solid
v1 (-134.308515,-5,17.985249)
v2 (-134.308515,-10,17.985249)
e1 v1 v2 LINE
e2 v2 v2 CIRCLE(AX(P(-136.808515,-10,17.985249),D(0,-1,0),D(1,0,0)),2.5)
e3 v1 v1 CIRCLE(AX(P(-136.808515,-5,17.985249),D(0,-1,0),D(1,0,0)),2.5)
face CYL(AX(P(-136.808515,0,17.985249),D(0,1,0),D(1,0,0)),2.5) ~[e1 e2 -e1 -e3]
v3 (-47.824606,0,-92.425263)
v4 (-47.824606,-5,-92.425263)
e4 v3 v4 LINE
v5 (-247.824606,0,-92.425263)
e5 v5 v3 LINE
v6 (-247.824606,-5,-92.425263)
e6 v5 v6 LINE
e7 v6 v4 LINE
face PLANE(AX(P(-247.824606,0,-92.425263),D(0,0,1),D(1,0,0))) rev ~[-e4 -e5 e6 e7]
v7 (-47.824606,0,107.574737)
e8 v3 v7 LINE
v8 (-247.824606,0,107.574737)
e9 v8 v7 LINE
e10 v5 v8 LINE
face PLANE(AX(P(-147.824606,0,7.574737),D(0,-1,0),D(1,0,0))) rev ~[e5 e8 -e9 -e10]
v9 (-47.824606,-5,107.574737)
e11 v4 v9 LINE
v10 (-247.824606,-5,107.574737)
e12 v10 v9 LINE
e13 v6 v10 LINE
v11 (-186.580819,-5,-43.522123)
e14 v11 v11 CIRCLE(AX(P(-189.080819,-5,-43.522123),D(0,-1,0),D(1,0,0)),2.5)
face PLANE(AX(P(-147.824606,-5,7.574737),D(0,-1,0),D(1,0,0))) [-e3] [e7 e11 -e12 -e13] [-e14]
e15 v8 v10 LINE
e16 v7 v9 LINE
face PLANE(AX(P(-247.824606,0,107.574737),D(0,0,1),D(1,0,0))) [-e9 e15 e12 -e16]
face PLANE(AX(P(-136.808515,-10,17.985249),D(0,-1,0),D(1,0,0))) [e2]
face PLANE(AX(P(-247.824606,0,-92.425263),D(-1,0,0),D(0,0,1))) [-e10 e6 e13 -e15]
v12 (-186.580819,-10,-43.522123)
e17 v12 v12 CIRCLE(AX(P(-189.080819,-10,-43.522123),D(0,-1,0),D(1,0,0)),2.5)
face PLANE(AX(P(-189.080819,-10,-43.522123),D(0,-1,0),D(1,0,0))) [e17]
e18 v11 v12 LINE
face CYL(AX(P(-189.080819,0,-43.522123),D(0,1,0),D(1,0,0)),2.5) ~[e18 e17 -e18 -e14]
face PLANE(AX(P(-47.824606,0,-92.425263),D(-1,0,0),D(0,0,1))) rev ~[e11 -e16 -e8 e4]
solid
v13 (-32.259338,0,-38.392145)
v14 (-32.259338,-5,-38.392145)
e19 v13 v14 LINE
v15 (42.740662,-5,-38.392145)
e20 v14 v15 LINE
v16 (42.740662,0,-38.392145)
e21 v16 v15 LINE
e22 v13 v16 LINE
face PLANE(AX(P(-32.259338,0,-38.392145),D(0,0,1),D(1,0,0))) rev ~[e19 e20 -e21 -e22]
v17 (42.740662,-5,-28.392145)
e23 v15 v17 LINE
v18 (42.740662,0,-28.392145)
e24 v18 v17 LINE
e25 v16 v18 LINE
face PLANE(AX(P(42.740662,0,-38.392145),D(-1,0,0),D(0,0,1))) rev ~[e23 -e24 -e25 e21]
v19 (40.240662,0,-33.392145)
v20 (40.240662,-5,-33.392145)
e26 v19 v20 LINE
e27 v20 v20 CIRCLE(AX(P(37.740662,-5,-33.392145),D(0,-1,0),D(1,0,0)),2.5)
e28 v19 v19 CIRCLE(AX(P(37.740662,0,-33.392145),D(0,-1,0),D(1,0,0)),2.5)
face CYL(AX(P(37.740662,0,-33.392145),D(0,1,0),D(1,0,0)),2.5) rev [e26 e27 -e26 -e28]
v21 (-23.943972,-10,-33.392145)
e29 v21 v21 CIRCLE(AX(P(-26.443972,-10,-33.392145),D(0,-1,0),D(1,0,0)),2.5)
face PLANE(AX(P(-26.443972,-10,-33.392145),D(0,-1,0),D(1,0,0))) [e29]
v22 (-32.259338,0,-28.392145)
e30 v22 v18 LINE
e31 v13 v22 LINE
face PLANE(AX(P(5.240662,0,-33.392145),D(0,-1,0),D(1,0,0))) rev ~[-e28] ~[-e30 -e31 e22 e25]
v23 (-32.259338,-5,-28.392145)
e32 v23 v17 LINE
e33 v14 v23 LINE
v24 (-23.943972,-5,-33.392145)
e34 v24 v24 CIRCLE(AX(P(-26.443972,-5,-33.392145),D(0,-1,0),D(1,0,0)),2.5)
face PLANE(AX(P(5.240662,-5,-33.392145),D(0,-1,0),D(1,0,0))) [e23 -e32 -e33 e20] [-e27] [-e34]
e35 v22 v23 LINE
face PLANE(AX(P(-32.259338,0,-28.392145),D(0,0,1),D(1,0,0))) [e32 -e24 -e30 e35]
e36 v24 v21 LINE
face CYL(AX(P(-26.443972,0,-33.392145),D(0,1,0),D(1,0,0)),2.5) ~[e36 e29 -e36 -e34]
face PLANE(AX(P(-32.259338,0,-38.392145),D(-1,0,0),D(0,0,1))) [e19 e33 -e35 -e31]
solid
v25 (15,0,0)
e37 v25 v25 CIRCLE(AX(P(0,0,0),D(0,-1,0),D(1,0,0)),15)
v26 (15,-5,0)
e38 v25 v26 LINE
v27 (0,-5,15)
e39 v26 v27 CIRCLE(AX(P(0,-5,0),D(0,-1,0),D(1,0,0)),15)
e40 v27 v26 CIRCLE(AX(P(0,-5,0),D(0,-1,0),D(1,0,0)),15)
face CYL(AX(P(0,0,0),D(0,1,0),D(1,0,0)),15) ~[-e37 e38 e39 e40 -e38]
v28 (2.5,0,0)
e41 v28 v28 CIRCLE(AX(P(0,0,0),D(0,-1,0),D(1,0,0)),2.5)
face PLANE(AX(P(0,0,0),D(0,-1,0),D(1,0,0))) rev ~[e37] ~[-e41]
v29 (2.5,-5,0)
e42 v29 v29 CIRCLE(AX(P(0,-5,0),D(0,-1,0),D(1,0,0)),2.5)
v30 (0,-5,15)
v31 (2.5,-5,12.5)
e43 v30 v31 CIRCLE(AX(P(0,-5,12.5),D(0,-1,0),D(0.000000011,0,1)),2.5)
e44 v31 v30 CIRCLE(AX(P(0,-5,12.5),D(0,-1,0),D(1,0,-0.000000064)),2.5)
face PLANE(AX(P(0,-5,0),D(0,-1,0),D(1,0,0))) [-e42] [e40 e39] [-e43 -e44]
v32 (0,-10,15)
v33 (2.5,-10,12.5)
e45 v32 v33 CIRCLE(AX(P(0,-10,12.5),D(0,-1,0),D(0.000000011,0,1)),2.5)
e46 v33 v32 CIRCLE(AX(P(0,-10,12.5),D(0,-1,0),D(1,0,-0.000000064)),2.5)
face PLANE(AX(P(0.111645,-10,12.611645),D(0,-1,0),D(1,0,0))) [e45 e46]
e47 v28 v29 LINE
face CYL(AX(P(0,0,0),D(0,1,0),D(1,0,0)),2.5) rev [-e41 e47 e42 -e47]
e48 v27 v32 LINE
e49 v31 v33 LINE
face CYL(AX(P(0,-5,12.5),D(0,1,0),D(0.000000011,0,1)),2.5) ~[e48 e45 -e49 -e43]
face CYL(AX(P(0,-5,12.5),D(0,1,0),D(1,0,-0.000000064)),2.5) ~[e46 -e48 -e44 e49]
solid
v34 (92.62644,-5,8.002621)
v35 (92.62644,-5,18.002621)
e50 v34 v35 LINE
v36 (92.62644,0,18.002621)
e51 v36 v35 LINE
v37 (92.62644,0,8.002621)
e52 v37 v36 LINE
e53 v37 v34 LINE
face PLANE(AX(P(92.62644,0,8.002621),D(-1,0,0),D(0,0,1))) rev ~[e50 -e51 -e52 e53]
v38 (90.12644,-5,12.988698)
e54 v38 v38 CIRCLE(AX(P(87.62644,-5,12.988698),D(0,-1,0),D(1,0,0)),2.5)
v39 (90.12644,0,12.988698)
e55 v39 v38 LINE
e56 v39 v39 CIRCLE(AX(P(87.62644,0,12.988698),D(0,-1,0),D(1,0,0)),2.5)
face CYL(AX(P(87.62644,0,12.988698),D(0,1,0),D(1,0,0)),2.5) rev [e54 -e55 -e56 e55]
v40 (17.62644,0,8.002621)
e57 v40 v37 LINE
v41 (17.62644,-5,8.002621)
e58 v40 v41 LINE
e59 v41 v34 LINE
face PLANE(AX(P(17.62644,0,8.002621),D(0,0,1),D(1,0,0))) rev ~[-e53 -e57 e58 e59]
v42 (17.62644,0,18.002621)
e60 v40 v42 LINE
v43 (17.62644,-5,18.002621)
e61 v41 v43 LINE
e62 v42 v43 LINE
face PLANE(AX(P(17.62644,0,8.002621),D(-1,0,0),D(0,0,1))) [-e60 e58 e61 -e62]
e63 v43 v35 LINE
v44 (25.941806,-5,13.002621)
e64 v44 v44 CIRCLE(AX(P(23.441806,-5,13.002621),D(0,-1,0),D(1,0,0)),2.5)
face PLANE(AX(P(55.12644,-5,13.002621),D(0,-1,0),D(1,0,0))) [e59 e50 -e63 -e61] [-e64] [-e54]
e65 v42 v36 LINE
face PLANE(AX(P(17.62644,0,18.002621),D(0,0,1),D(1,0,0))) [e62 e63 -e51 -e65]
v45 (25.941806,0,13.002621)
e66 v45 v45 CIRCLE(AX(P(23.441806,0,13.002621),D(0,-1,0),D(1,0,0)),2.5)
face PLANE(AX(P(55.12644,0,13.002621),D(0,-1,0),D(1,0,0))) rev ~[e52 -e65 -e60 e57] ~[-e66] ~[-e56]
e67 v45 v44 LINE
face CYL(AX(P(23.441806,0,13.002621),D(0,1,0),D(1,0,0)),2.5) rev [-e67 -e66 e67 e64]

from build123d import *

# Parameters (mm, degrees)
F0_R      = 15
F0_R_2    = 2.5
F1_DEPTH  = 5
F2_W      = 200
F2_H      = 200
F2_R      = 2.5
F3_DEPTH  = 5
F4_DEPTH  = 10
F6_DEPTH  = 5
F7_W      = 75
F7_H      = 10
F7_R      = 2.5
F8_DEPTH  = 5
F9_W      = 75
F9_H      = 10
F9_R      = 2.5
F10_DEPTH = 5
F11_DEPTH = 10
F12_DEPTH = 10


with BuildPart() as f1:
    # F0 (on Front) → F1 (new body)
    with BuildSketch(Plane.XZ):
        Circle(F0_R)
        Circle(F0_R_2, mode=Mode.SUBTRACT)
    extrude(amount=F1_DEPTH)

    # F5 (on face) → F6 (join)
    with BuildSketch(Plane.XZ.offset(5)):
        with BuildLine():
            ThreePointArc((0, 15), (-1.767767, 10.732233), (2.5, 12.5))
            ThreePointArc((2.5, 12.5), (1.767767, 14.267767), (0, 15))
        make_face()
    extrude(amount=F6_DEPTH)


with BuildPart() as f3:
    # F2 (on Front) → F3 (new body)
    with BuildSketch(Plane.XZ):
        with Locations((-147.824606, 7.574737)):
            Rectangle(F2_W, F2_H)
        with Locations((-189.080819, -43.522123)):
            Circle(F2_R, mode=Mode.SUBTRACT)
        with Locations((-136.808515, 17.985249)):
            Circle(F2_R, mode=Mode.SUBTRACT)
    extrude(amount=F3_DEPTH)

    # F2 (on Front) → F4 (join)
    with BuildSketch(Plane.XZ):
        with Locations((-189.080819, -43.522123)):
            Circle(F2_R)
    extrude(amount=F4_DEPTH)

    # F2 (on Front) → F12 (join)
    with BuildSketch(Plane.XZ):
        with Locations((-136.808515, 17.985249)):
            Circle(F2_R)
    extrude(amount=F12_DEPTH)


with BuildPart() as f8:
    # F7 (on Front) → F8 (new body)
    with BuildSketch(Plane.XZ):
        with Locations((55.12644, 13.002621)):
            Rectangle(F7_W, F7_H)
        with Locations((23.441806, 13.002621)):
            Circle(F7_R, mode=Mode.SUBTRACT)
        with Locations((87.62644, 12.988698)):
            Circle(F7_R, mode=Mode.SUBTRACT)
    extrude(amount=F8_DEPTH)


with BuildPart() as f10:
    # F9 (on Front) → F10 (new body)
    with BuildSketch(Plane.XZ):
        with Locations((5.240662, -33.392145)):
            Rectangle(F9_W, F9_H)
        with Locations((-26.443972, -33.392145)):
            Circle(F9_R, mode=Mode.SUBTRACT)
        with Locations((37.740662, -33.392145)):
            Circle(F9_R, mode=Mode.SUBTRACT)
    extrude(amount=F10_DEPTH)

    # F9 (on Front) → F11 (join)
    with BuildSketch(Plane.XZ):
        with Locations((-26.443972, -33.392145)):
            Circle(F9_R)
    extrude(amount=F11_DEPTH)


solid = Compound([f1.part, f3.part, f8.part, f10.part])
